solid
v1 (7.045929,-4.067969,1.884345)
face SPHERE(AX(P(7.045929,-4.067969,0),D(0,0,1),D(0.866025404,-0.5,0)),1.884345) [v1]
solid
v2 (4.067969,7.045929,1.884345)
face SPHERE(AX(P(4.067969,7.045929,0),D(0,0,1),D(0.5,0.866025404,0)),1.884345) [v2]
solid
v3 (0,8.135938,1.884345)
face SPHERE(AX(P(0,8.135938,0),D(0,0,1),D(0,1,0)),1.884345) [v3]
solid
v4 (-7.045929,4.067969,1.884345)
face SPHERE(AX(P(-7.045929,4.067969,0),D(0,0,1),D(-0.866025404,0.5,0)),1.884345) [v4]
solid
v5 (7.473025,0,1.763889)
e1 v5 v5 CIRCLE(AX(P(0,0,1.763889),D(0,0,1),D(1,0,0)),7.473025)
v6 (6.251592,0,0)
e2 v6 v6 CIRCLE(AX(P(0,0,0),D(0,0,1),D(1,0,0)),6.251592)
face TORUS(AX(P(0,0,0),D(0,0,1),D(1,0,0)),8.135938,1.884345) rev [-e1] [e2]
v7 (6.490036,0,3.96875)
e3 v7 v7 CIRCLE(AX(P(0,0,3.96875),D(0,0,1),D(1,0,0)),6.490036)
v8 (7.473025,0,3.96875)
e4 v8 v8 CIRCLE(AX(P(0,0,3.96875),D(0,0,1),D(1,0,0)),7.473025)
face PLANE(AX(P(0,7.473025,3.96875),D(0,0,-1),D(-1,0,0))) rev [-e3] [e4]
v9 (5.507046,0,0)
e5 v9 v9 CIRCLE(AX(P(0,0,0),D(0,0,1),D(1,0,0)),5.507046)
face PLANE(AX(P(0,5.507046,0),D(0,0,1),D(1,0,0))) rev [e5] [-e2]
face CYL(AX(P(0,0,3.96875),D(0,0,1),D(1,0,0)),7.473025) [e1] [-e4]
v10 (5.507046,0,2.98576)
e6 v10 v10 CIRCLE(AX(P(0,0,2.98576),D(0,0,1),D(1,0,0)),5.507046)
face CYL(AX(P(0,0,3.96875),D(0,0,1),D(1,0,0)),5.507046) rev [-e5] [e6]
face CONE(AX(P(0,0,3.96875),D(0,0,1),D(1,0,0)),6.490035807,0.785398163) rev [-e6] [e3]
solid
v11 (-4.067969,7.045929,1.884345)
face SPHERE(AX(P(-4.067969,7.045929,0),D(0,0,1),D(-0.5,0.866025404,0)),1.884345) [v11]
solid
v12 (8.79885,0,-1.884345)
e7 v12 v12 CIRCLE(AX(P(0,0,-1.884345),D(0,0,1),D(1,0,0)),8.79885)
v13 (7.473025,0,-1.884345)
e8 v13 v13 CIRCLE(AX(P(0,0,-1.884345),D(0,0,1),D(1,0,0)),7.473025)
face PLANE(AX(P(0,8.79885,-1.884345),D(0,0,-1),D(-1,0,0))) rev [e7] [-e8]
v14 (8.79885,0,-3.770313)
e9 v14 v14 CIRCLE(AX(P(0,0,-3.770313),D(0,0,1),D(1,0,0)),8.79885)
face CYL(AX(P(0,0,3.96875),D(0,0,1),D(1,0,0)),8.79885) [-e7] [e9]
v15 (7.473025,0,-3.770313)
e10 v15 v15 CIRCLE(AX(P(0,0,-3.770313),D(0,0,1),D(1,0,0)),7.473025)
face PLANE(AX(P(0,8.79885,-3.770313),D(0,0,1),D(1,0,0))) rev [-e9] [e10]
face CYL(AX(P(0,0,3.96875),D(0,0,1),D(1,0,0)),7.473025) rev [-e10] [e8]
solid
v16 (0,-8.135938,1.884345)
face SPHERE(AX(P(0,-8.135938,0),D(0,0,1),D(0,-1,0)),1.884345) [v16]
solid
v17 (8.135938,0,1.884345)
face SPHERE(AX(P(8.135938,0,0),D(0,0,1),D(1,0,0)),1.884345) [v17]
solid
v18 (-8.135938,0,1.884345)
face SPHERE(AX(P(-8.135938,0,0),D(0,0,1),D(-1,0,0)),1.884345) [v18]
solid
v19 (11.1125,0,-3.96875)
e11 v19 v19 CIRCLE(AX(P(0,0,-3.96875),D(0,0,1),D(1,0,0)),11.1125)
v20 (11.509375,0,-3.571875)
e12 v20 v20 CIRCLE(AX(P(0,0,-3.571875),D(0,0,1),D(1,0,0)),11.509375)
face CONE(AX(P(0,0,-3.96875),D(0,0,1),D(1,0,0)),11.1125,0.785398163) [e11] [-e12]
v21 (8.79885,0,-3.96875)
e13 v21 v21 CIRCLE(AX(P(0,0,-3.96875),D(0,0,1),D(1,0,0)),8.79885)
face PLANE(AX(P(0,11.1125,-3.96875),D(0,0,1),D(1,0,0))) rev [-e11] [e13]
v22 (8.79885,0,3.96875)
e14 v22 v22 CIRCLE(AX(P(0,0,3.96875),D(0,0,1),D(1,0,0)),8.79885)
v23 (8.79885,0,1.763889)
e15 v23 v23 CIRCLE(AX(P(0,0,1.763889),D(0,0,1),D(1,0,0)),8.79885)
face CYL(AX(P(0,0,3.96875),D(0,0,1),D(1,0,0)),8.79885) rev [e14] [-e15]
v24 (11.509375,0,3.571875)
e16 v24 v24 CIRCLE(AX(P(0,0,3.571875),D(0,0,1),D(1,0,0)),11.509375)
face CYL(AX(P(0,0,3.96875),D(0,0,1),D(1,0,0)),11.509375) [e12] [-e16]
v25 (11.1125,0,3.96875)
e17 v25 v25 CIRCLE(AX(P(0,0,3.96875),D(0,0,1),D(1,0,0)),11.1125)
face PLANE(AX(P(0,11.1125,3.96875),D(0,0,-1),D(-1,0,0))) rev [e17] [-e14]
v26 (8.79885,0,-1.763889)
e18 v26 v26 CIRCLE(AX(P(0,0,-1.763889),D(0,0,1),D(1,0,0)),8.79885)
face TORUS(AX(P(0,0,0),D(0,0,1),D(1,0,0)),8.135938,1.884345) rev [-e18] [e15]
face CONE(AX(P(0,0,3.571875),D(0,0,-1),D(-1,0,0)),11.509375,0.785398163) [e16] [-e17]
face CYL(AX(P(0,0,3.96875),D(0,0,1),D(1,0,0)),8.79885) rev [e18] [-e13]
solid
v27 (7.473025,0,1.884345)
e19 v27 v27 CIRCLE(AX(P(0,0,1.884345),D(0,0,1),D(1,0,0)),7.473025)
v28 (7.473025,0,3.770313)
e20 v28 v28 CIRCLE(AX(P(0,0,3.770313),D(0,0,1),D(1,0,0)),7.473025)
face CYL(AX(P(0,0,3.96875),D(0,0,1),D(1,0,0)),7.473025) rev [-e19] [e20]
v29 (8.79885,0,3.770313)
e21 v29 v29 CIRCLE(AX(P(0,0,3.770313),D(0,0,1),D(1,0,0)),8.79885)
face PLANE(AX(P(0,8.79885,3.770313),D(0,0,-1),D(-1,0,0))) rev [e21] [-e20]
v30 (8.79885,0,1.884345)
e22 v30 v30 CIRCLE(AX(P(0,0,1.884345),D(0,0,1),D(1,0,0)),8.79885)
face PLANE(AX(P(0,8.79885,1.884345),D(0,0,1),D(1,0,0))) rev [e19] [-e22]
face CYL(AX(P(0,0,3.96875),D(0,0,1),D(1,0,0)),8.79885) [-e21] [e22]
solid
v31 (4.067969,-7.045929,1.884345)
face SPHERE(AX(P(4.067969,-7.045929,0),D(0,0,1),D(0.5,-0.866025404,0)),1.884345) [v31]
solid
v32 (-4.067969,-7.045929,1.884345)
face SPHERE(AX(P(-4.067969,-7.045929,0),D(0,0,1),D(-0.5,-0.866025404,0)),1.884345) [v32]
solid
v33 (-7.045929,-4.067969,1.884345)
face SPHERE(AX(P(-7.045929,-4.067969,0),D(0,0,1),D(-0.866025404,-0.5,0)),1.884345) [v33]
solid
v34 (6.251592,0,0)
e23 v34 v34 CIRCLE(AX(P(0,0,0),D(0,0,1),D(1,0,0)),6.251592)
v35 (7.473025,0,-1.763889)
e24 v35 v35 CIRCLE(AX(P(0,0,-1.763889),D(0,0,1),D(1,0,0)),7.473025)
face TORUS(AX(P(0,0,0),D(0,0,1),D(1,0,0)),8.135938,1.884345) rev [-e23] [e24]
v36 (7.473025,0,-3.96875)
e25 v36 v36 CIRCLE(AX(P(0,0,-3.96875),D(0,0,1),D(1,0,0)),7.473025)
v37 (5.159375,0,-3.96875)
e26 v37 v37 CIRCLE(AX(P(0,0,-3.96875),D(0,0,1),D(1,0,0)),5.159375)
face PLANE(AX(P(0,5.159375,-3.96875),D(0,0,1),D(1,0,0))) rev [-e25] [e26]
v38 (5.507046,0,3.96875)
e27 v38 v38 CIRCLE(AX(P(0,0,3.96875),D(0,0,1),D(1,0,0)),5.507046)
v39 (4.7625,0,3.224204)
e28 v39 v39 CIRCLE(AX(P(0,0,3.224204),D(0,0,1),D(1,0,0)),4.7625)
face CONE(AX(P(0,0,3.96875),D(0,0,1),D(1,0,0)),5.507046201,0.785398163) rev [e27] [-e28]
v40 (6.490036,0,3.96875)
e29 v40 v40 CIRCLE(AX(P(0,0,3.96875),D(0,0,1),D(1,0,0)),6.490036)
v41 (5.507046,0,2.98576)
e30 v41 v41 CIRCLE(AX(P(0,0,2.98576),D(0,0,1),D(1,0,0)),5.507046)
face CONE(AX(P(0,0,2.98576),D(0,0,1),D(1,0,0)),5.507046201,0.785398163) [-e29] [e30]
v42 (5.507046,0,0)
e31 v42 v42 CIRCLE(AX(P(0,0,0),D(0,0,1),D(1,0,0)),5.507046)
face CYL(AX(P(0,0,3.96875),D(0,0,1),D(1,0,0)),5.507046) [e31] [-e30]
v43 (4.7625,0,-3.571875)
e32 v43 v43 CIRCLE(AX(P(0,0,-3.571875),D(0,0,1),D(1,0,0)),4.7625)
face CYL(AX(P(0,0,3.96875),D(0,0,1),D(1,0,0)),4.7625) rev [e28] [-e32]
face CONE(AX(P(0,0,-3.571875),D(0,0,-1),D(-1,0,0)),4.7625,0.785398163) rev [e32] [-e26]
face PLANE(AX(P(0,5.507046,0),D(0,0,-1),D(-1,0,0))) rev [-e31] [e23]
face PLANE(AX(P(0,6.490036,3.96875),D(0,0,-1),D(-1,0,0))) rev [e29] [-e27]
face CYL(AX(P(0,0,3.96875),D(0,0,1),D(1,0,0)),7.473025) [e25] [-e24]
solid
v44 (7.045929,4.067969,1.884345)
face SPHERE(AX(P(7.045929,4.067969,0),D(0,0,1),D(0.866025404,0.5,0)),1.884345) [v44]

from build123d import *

# Parameters (mm, degrees)
CIRPATTERN1_COUNT = 12
SKETCH5_W         = 1.885967402
SKETCH5_H         = 1.325824176


with BuildPart() as part:
    # Sketch1 → Revolve1 (revolve)
    with BuildSketch(Plane(origin=(0, 0, 0), x_dir=(0, 0, -1), z_dir=(1, 0, 0))):
        with BuildLine():
            Line((3.571875, 11.509375), (-3.571875, 11.509375))
            Line((-3.571875, 11.509375), (-3.96875, 11.1125))
            Line((-3.96875, 11.1125), (-3.96875, 8.798849588))
            Line((-3.96875, 8.798849588), (-1.763888889, 8.798849588))
            ThreePointArc((-1.763888889, 8.798849588), (0, 10.020282598), (1.763888889, 8.798849588))
            Line((1.763888889, 8.798849588), (3.96875, 8.798849588))
            Line((3.96875, 8.798849588), (3.96875, 11.1125))
            Line((3.96875, 11.1125), (3.571875, 11.509375))
        make_face()
    revolve(axis=Axis((0, 0, 3.96875), (0, 0, -1)))


with BuildPart() as body_2:
    # Sketch2 → Revolve2 (revolve)
    with BuildSketch(Plane(origin=(0, 0, 0), x_dir=(0, 0, -1), z_dir=(1, 0, 0))):
        with BuildLine():
            Line((-3.96875, 7.473025412), (-1.763888889, 7.473025412))
            ThreePointArc((-1.763888889, 7.473025412), (-1.072753771, 6.586758428), (0, 6.251592402))
            Line((0, 6.251592402), (0, 5.507046201))
            Line((0, 5.507046201), (-2.985760394, 5.507046201))
            Line((-2.985760394, 5.507046201), (-3.96875, 6.490035807))
            Line((-3.96875, 6.490035807), (-3.96875, 7.473025412))
        make_face()
    revolve(axis=Axis((0, 0, 3.96875), (0, 0, -1)))


with BuildPart() as body_3:
    # Sketch3 → Revolve3 (revolve)
    with BuildSketch(Plane(origin=(0, 0, 0), x_dir=(0, 0, -1), z_dir=(1, 0, 0))):
        with BuildLine():
            Line((-3.96875, 6.490035807), (-2.985760394, 5.507046201))
            Line((-2.985760394, 5.507046201), (0, 5.507046201))
            Line((0, 5.507046201), (0, 6.251592402))
            ThreePointArc((0, 6.251592402), (1.072753771, 6.586758428), (1.763888889, 7.473025412))
            Line((1.763888889, 7.473025412), (3.96875, 7.473025412))
            Line((3.96875, 7.473025412), (3.96875, 5.159375))
            Line((3.96875, 5.159375), (3.571875, 4.7625))
            Line((3.571875, 4.7625), (-3.224203799, 4.7625))
            Line((-3.224203799, 4.7625), (-3.96875, 5.507046201))
            Line((-3.96875, 5.507046201), (-3.96875, 6.490035807))
        make_face()
    revolve(axis=Axis((0, 0, 3.96875), (0, 0, -1)))


with BuildPart() as body_4:
    # Sketch4 → Revolve4 (revolve)
    with BuildSketch(Plane(origin=(0, 0, 0), x_dir=(0, 0, -1), z_dir=(1, 0, 0))):
        with BuildLine():
            Line((-1.884345098, 8.1359375), (1.884345098, 8.1359375))
            ThreePointArc((1.884345098, 8.1359375), (0, 10.020282598), (-1.884345098, 8.1359375))
        make_face()
    revolve(axis=Axis((0, 8.1359375, 1.884345098), (0, 0, -1)))


with BuildPart() as cirpattern1_1:
    # CirPattern1: pattern copy
    add(body_4.part.rotate(Axis((0, 0, -3.96875), (0, 0, 1)), 1 * 360 / CIRPATTERN1_COUNT))


with BuildPart() as cirpattern1_2:
    # CirPattern1: pattern copy
    add(body_4.part.rotate(Axis((0, 0, -3.96875), (0, 0, 1)), 2 * 360 / CIRPATTERN1_COUNT))


with BuildPart() as cirpattern1_3:
    # CirPattern1: pattern copy
    add(body_4.part.rotate(Axis((0, 0, -3.96875), (0, 0, 1)), 3 * 360 / CIRPATTERN1_COUNT))


with BuildPart() as cirpattern1_4:
    # CirPattern1: pattern copy
    add(body_4.part.rotate(Axis((0, 0, -3.96875), (0, 0, 1)), 4 * 360 / CIRPATTERN1_COUNT))


with BuildPart() as cirpattern1_5:
    # CirPattern1: pattern copy
    add(body_4.part.rotate(Axis((0, 0, -3.96875), (0, 0, 1)), 5 * 360 / CIRPATTERN1_COUNT))


with BuildPart() as cirpattern1_6:
    # CirPattern1: pattern copy
    add(body_4.part.rotate(Axis((0, 0, -3.96875), (0, 0, 1)), 6 * 360 / CIRPATTERN1_COUNT))


with BuildPart() as cirpattern1_7:
    # CirPattern1: pattern copy
    add(body_4.part.rotate(Axis((0, 0, -3.96875), (0, 0, 1)), 7 * 360 / CIRPATTERN1_COUNT))


with BuildPart() as cirpattern1_8:
    # CirPattern1: pattern copy
    add(body_4.part.rotate(Axis((0, 0, -3.96875), (0, 0, 1)), 8 * 360 / CIRPATTERN1_COUNT))


with BuildPart() as cirpattern1_9:
    # CirPattern1: pattern copy
    add(body_4.part.rotate(Axis((0, 0, -3.96875), (0, 0, 1)), 9 * 360 / CIRPATTERN1_COUNT))


with BuildPart() as cirpattern1_10:
    # CirPattern1: pattern copy
    add(body_4.part.rotate(Axis((0, 0, -3.96875), (0, 0, 1)), 10 * 360 / CIRPATTERN1_COUNT))


with BuildPart() as cirpattern1_11:
    # CirPattern1: pattern copy
    add(body_4.part.rotate(Axis((0, 0, -3.96875), (0, 0, 1)), 11 * 360 / CIRPATTERN1_COUNT))


with BuildPart() as body_16:
    # Sketch5 → Revolve5 (revolve)
    with BuildSketch(Plane(origin=(0, 0, 0), x_dir=(0, 0, -1), z_dir=(1, 0, 0))):
        with Locations((-2.827328799, 8.1359375)):
            Rectangle(SKETCH5_W, SKETCH5_H)
        with Locations((2.827328799, 8.1359375)):
            Rectangle(SKETCH5_W, SKETCH5_H)
    revolve(axis=Axis((0, 0, 3.96875), (0, 0, -1)))


solid = Compound([part.part, body_2.part, body_3.part, body_4.part, cirpattern1_1.part, cirpattern1_2.part, cirpattern1_3.part, cirpattern1_4.part, cirpattern1_5.part, cirpattern1_6.part, cirpattern1_7.part, cirpattern1_8.part, cirpattern1_9.part, cirpattern1_10.part, cirpattern1_11.part, body_16.part])
